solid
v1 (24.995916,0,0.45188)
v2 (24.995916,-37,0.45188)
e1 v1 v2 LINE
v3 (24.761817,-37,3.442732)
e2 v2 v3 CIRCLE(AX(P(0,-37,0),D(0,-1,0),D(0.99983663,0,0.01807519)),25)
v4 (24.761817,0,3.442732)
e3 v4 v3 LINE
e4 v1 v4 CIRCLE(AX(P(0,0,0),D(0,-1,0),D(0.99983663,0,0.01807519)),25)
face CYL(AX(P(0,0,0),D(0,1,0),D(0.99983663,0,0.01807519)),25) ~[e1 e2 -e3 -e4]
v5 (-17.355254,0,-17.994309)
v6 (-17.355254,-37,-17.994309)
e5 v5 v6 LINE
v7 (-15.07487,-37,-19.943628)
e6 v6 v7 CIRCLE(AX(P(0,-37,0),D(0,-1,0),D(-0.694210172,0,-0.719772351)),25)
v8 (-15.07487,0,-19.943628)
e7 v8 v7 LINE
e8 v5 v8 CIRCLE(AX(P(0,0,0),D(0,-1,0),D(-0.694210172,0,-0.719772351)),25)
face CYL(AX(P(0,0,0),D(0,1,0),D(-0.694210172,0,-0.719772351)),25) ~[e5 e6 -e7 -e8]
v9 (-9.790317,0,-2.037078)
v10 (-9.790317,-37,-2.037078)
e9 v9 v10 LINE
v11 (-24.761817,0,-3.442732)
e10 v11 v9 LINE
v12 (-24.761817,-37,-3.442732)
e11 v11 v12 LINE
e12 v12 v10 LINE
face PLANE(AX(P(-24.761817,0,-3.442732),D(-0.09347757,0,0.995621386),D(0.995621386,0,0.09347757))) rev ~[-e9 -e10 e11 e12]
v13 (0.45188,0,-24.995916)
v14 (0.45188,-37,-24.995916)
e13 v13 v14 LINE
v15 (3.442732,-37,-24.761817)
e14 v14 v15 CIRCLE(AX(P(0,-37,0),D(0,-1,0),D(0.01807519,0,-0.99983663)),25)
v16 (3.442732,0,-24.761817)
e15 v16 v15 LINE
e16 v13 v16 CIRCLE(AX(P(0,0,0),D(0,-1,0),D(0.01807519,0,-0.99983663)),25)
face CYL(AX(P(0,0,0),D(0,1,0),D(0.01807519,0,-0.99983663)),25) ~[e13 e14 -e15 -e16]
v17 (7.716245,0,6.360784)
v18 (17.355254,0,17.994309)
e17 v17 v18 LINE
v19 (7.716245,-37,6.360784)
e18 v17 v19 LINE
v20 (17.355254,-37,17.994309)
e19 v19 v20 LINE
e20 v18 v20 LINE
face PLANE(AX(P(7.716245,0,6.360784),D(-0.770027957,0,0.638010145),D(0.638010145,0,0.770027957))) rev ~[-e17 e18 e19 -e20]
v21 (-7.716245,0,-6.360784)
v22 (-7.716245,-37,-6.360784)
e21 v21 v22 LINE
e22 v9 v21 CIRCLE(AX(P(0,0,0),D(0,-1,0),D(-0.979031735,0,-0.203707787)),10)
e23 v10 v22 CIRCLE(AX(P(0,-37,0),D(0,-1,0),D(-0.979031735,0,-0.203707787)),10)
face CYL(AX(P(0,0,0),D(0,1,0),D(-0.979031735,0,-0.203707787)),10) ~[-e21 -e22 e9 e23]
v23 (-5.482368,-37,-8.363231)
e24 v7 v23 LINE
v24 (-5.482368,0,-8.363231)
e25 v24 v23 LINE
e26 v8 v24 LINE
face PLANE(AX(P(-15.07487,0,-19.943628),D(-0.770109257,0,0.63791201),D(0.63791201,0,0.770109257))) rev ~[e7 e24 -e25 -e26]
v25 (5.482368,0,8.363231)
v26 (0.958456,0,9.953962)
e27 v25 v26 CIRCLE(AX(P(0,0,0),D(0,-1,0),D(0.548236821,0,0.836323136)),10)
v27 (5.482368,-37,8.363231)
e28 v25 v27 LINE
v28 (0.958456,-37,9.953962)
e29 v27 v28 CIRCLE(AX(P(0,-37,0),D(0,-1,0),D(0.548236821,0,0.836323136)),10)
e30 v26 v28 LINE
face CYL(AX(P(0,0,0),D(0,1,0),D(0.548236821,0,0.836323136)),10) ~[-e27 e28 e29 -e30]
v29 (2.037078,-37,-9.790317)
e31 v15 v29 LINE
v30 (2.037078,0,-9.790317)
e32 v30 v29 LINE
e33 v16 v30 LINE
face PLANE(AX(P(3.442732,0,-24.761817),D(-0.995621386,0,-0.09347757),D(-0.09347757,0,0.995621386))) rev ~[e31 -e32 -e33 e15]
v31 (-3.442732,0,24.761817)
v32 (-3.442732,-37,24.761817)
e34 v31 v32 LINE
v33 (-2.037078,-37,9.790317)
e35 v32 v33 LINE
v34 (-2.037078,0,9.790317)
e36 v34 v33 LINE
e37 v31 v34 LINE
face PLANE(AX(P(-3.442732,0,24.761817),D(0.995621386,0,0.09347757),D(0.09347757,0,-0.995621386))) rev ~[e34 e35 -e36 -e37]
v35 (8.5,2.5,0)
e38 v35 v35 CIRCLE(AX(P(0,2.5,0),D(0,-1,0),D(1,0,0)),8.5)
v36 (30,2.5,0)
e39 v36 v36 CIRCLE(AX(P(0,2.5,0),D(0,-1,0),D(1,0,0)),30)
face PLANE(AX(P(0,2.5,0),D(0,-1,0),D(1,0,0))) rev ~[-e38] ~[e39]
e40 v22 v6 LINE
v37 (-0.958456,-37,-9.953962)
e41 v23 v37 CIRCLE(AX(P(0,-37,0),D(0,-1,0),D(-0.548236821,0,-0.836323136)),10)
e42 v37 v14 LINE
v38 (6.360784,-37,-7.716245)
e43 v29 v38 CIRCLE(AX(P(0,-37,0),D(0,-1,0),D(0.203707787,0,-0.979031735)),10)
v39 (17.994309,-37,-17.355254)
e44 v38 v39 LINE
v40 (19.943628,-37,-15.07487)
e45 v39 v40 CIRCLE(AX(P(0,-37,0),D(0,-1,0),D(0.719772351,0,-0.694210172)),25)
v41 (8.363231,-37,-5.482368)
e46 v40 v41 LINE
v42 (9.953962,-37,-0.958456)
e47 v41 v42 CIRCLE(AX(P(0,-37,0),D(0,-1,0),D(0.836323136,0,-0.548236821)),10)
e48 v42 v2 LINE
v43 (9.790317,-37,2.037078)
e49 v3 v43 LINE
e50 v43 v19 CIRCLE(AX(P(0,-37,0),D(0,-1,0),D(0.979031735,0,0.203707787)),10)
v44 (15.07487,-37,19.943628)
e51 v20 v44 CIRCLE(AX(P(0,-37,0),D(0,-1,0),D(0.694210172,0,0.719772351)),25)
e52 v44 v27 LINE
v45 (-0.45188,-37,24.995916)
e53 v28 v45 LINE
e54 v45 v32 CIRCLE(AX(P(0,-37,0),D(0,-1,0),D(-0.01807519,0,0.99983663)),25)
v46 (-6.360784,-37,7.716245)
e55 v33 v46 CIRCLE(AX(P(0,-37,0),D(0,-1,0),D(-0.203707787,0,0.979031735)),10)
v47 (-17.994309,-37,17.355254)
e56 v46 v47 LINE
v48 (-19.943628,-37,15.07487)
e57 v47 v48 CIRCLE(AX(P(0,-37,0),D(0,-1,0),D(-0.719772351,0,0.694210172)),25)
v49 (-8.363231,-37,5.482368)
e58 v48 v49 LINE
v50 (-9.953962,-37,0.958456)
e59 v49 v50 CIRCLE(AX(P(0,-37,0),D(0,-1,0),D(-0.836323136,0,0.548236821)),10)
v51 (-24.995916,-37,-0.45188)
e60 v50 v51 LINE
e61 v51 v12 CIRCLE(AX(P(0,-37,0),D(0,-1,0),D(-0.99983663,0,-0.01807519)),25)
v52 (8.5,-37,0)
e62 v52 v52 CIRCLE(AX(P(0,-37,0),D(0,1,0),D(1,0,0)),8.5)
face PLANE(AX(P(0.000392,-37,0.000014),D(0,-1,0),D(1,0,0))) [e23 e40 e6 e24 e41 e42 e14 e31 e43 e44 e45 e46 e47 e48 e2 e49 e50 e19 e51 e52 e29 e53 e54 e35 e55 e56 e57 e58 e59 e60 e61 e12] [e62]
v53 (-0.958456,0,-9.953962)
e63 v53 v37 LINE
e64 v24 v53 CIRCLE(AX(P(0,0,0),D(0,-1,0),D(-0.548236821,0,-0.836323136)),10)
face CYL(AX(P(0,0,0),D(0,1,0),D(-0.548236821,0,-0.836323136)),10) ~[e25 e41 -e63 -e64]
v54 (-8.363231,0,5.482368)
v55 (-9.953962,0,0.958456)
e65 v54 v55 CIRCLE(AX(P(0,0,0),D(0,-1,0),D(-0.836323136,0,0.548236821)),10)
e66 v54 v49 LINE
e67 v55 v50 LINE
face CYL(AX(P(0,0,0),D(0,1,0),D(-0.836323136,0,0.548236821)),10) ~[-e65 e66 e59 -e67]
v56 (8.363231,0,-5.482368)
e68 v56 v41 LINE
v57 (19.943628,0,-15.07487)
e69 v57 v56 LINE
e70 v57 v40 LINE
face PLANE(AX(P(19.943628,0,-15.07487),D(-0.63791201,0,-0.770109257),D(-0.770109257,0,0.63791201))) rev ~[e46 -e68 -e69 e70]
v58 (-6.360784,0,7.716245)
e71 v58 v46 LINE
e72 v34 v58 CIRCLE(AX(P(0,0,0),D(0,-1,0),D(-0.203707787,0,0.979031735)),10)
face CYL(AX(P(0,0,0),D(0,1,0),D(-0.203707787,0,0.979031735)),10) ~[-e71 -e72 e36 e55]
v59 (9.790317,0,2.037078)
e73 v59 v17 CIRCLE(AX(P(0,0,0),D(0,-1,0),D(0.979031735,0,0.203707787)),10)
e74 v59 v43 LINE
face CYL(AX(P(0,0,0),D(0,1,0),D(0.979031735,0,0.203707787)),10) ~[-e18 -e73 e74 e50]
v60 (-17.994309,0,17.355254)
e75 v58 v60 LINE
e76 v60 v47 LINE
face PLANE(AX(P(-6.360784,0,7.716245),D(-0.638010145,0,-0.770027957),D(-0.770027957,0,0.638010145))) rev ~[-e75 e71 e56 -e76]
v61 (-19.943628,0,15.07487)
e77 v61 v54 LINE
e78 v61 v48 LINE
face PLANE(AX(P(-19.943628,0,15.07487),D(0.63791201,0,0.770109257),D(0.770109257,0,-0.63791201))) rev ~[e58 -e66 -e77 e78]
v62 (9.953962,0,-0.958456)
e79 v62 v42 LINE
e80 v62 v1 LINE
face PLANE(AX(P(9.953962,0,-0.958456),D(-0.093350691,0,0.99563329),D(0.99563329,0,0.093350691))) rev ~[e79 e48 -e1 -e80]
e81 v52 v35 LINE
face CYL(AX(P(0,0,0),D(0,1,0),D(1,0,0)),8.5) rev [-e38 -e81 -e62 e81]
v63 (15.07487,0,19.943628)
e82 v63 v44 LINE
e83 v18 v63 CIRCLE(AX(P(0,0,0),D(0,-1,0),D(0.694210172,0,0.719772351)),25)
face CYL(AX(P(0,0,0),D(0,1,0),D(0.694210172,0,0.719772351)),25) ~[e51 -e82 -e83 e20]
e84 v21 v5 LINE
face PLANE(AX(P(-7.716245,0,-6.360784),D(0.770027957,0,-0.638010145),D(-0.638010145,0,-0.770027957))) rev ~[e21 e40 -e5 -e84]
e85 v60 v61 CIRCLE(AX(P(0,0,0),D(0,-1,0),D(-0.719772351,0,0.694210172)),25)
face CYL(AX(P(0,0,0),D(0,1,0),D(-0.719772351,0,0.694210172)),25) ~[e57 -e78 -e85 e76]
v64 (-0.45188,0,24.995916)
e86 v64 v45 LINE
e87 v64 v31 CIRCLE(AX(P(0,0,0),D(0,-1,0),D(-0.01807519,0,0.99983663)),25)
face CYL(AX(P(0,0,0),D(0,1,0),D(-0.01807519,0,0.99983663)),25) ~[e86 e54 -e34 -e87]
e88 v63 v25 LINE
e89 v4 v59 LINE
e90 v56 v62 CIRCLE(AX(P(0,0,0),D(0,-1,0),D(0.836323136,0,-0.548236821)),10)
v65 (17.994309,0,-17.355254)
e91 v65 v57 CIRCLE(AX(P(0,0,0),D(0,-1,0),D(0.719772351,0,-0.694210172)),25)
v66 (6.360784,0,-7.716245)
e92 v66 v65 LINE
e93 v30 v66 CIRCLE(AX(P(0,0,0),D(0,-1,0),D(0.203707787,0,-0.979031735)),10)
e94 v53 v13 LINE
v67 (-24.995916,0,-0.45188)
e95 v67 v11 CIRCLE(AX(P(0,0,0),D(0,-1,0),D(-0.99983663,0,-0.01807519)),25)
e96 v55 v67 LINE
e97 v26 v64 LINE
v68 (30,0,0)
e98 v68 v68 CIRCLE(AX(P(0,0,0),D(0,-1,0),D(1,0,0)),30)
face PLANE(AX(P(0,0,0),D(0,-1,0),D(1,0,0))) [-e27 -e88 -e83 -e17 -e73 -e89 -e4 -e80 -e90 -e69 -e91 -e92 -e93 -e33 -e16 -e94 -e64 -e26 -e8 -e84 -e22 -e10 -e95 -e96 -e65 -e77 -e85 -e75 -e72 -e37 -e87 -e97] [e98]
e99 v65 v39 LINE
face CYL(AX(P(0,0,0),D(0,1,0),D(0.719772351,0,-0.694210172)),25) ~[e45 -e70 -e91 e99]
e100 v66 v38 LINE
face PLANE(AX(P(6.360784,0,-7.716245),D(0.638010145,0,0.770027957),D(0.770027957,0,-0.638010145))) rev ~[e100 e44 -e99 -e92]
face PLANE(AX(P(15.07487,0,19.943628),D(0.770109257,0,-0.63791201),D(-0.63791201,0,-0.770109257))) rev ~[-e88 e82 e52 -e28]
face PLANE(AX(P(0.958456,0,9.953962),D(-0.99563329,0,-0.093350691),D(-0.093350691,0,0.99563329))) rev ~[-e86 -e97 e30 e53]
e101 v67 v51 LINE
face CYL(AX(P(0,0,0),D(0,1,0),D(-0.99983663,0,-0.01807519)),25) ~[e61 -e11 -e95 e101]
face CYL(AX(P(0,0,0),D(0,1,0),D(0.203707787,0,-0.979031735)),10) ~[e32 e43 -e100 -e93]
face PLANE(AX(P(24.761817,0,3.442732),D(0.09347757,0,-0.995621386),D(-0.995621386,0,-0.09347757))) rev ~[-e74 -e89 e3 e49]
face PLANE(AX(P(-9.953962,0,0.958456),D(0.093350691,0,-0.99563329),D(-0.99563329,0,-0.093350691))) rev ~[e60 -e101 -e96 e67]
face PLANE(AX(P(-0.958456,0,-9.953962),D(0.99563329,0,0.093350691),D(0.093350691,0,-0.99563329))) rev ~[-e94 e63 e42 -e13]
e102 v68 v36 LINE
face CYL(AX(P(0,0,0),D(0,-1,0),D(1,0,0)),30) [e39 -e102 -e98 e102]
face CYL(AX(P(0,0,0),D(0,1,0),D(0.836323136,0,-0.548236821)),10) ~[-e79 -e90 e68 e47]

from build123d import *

# Parameters (mm, degrees)
F0_R     = 30
F0_R_2   = 8.5
F1_DEPTH = 2.5
F3_DEPTH = 37
F4_DEPTH = 40


with BuildPart() as f1:
    # F0 (on Front) → F1 (new body)
    with BuildSketch(Plane.XZ):
        Circle(F0_R)
        Circle(F0_R_2, mode=Mode.SUBTRACT)
    extrude(amount=-F1_DEPTH)

    # F2 (on Front) → F3 (join)
    with BuildSketch(Plane.XZ):
        with BuildLine():
            ThreePointArc((9.9539621754, -0.9584555339), (9.9884839128, -0.4797802861), (10, 0))
            ThreePointArc((10, 0), (9.9474412154, 1.0239205366), (9.790317347, 2.0370778693))
            ThreePointArc((9.790317347, 2.0370778693), (9.0162927853, 4.3250970404), (7.7162445614, 6.3607837464))
            ThreePointArc((7.7162445614, 6.3607837464), (6.6748253827, 7.4462545021), (5.4823682108, 8.3632313612))
            ThreePointArc((5.4823682108, 8.3632313612), (3.3171763231, 9.4337872163), (0.9584555339, 9.9539621754))
            ThreePointArc((0.9584555339, 9.9539621754), (-0.5454827615, 9.9851113442), (-2.0370778693, 9.790317347))
            ThreePointArc((-2.0370778693, 9.790317347), (-4.3250970404, 9.0162927853), (-6.3607837464, 7.7162445614))
            ThreePointArc((-6.3607837464, 7.7162445614), (-7.4462545021, 6.6748253827), (-8.3632313612, 5.4823682108))
            ThreePointArc((-8.3632313612, 5.4823682108), (-9.4337872163, 3.3171763231), (-9.9539621754, 0.9584555339))
            ThreePointArc((-9.9539621754, 0.9584555339), (-9.9851113442, -0.5454827615), (-9.790317347, -2.0370778693))
            ThreePointArc((-9.790317347, -2.0370778693), (-9.0162927853, -4.3250970404), (-7.7162445614, -6.3607837464))
            ThreePointArc((-7.7162445614, -6.3607837464), (-6.6748253827, -7.4462545021), (-5.4823682108, -8.3632313612))
            ThreePointArc((-5.4823682108, -8.3632313612), (-3.3171763231, -9.4337872163), (-0.9584555339, -9.9539621754))
            ThreePointArc((-0.9584555339, -9.9539621754), (0.5454827615, -9.9851113442), (2.0370778693, -9.790317347))
            ThreePointArc((2.0370778693, -9.790317347), (4.3250970404, -9.0162927853), (6.3607837464, -7.7162445614))
            ThreePointArc((6.3607837464, -7.7162445614), (7.4462545021, -6.6748253827), (8.3632313612, -5.4823682108))
            ThreePointArc((8.3632313612, -5.4823682108), (9.4337872163, -3.3171763231), (9.9539621754, -0.9584555339))
        make_face()
        with BuildLine():
            ThreePointArc((-8.3632313612, 5.4823682108), (-7.4462545021, 6.6748253827), (-6.3607837464, 7.7162445614))
            Line((-6.3607837464, 7.7162445614), (-17.9943087682, 17.355254304))
            ThreePointArc((-17.9943087682, 17.355254304), (-19.0032050673, 16.2443281539), (-19.9436281467, 15.0748696959))
            Line((-19.9436281467, 15.0748696959), (-8.3632313612, 5.4823682108))
        make_face()
        with BuildLine():
            Line((-15.0748696959, -19.9436281467), (-5.4823682108, -8.3632313612))
            ThreePointArc((-5.4823682108, -8.3632313612), (-6.6748253827, -7.4462545021), (-7.7162445614, -6.3607837464))
            Line((-7.7162445614, -6.3607837464), (-17.355254304, -17.9943087682))
            ThreePointArc((-17.355254304, -17.9943087682), (-16.2443281539, -19.0032050673), (-15.0748696959, -19.9436281467))
        make_face()
        with BuildLine():
            Line((3.4427321165, -24.7618172914), (2.0370778693, -9.790317347))
            ThreePointArc((2.0370778693, -9.790317347), (0.5454827615, -9.9851113442), (-0.9584555339, -9.9539621754))
            Line((-0.9584555339, -9.9539621754), (0.4518797452, -24.9959157603))
            ThreePointArc((0.4518797452, -24.9959157603), (1.9508205739, -24.9237697608), (3.4427321165, -24.7618172914))
        make_face()
        with BuildLine():
            Line((19.9436281467, -15.0748696959), (8.3632313612, -5.4823682108))
            ThreePointArc((8.3632313612, -5.4823682108), (7.4462545021, -6.6748253827), (6.3607837464, -7.7162445614))
            Line((6.3607837464, -7.7162445614), (17.9943087682, -17.355254304))
            ThreePointArc((17.9943087682, -17.355254304), (19.0032050673, -16.2443281539), (19.9436281467, -15.0748696959))
        make_face()
        with BuildLine():
            ThreePointArc((9.790317347, 2.0370778693), (9.9474412154, 1.0239205366), (10, 0))
            ThreePointArc((10, 0), (9.9884839128, -0.4797802861), (9.9539621754, -0.9584555339))
            Line((9.9539621754, -0.9584555339), (24.9959157603, 0.4518797452))
            ThreePointArc((24.9959157603, 0.4518797452), (24.9237697608, 1.9508205739), (24.7618172914, 3.4427321165))
            Line((24.7618172914, 3.4427321165), (9.790317347, 2.0370778693))
        make_face()
        with BuildLine():
            ThreePointArc((5.4823682108, 8.3632313612), (6.6748253827, 7.4462545021), (7.7162445614, 6.3607837464))
            Line((7.7162445614, 6.3607837464), (17.355254304, 17.9943087682))
            ThreePointArc((17.355254304, 17.9943087682), (16.2443281539, 19.0032050673), (15.0748696959, 19.9436281467))
            Line((15.0748696959, 19.9436281467), (5.4823682108, 8.3632313612))
        make_face()
        with BuildLine():
            ThreePointArc((-2.0370778693, 9.790317347), (-0.5454827615, 9.9851113442), (0.9584555339, 9.9539621754))
            Line((0.9584555339, 9.9539621754), (-0.4518797452, 24.9959157603))
            ThreePointArc((-0.4518797452, 24.9959157603), (-1.9508205739, 24.9237697608), (-3.4427321165, 24.7618172914))
            Line((-3.4427321165, 24.7618172914), (-2.0370778693, 9.790317347))
        make_face()
        with BuildLine():
            ThreePointArc((-9.790317347, -2.0370778693), (-9.9851113442, -0.5454827615), (-9.9539621754, 0.9584555339))
            Line((-9.9539621754, 0.9584555339), (-24.9959157603, -0.4518797452))
            ThreePointArc((-24.9959157603, -0.4518797452), (-24.9237697608, -1.9508205739), (-24.7618172914, -3.4427321165))
            Line((-24.7618172914, -3.4427321165), (-9.790317347, -2.0370778693))
        make_face()
    extrude(amount=F3_DEPTH)

    # F4 (cut): a face of the model
    f4_faces = [f1.faces().sort_by_distance(p)[0] for p in [
        (0, 0, 0),
    ]]
    extrude(f4_faces, amount=-F4_DEPTH, mode=Mode.SUBTRACT)


solid = f1.part
